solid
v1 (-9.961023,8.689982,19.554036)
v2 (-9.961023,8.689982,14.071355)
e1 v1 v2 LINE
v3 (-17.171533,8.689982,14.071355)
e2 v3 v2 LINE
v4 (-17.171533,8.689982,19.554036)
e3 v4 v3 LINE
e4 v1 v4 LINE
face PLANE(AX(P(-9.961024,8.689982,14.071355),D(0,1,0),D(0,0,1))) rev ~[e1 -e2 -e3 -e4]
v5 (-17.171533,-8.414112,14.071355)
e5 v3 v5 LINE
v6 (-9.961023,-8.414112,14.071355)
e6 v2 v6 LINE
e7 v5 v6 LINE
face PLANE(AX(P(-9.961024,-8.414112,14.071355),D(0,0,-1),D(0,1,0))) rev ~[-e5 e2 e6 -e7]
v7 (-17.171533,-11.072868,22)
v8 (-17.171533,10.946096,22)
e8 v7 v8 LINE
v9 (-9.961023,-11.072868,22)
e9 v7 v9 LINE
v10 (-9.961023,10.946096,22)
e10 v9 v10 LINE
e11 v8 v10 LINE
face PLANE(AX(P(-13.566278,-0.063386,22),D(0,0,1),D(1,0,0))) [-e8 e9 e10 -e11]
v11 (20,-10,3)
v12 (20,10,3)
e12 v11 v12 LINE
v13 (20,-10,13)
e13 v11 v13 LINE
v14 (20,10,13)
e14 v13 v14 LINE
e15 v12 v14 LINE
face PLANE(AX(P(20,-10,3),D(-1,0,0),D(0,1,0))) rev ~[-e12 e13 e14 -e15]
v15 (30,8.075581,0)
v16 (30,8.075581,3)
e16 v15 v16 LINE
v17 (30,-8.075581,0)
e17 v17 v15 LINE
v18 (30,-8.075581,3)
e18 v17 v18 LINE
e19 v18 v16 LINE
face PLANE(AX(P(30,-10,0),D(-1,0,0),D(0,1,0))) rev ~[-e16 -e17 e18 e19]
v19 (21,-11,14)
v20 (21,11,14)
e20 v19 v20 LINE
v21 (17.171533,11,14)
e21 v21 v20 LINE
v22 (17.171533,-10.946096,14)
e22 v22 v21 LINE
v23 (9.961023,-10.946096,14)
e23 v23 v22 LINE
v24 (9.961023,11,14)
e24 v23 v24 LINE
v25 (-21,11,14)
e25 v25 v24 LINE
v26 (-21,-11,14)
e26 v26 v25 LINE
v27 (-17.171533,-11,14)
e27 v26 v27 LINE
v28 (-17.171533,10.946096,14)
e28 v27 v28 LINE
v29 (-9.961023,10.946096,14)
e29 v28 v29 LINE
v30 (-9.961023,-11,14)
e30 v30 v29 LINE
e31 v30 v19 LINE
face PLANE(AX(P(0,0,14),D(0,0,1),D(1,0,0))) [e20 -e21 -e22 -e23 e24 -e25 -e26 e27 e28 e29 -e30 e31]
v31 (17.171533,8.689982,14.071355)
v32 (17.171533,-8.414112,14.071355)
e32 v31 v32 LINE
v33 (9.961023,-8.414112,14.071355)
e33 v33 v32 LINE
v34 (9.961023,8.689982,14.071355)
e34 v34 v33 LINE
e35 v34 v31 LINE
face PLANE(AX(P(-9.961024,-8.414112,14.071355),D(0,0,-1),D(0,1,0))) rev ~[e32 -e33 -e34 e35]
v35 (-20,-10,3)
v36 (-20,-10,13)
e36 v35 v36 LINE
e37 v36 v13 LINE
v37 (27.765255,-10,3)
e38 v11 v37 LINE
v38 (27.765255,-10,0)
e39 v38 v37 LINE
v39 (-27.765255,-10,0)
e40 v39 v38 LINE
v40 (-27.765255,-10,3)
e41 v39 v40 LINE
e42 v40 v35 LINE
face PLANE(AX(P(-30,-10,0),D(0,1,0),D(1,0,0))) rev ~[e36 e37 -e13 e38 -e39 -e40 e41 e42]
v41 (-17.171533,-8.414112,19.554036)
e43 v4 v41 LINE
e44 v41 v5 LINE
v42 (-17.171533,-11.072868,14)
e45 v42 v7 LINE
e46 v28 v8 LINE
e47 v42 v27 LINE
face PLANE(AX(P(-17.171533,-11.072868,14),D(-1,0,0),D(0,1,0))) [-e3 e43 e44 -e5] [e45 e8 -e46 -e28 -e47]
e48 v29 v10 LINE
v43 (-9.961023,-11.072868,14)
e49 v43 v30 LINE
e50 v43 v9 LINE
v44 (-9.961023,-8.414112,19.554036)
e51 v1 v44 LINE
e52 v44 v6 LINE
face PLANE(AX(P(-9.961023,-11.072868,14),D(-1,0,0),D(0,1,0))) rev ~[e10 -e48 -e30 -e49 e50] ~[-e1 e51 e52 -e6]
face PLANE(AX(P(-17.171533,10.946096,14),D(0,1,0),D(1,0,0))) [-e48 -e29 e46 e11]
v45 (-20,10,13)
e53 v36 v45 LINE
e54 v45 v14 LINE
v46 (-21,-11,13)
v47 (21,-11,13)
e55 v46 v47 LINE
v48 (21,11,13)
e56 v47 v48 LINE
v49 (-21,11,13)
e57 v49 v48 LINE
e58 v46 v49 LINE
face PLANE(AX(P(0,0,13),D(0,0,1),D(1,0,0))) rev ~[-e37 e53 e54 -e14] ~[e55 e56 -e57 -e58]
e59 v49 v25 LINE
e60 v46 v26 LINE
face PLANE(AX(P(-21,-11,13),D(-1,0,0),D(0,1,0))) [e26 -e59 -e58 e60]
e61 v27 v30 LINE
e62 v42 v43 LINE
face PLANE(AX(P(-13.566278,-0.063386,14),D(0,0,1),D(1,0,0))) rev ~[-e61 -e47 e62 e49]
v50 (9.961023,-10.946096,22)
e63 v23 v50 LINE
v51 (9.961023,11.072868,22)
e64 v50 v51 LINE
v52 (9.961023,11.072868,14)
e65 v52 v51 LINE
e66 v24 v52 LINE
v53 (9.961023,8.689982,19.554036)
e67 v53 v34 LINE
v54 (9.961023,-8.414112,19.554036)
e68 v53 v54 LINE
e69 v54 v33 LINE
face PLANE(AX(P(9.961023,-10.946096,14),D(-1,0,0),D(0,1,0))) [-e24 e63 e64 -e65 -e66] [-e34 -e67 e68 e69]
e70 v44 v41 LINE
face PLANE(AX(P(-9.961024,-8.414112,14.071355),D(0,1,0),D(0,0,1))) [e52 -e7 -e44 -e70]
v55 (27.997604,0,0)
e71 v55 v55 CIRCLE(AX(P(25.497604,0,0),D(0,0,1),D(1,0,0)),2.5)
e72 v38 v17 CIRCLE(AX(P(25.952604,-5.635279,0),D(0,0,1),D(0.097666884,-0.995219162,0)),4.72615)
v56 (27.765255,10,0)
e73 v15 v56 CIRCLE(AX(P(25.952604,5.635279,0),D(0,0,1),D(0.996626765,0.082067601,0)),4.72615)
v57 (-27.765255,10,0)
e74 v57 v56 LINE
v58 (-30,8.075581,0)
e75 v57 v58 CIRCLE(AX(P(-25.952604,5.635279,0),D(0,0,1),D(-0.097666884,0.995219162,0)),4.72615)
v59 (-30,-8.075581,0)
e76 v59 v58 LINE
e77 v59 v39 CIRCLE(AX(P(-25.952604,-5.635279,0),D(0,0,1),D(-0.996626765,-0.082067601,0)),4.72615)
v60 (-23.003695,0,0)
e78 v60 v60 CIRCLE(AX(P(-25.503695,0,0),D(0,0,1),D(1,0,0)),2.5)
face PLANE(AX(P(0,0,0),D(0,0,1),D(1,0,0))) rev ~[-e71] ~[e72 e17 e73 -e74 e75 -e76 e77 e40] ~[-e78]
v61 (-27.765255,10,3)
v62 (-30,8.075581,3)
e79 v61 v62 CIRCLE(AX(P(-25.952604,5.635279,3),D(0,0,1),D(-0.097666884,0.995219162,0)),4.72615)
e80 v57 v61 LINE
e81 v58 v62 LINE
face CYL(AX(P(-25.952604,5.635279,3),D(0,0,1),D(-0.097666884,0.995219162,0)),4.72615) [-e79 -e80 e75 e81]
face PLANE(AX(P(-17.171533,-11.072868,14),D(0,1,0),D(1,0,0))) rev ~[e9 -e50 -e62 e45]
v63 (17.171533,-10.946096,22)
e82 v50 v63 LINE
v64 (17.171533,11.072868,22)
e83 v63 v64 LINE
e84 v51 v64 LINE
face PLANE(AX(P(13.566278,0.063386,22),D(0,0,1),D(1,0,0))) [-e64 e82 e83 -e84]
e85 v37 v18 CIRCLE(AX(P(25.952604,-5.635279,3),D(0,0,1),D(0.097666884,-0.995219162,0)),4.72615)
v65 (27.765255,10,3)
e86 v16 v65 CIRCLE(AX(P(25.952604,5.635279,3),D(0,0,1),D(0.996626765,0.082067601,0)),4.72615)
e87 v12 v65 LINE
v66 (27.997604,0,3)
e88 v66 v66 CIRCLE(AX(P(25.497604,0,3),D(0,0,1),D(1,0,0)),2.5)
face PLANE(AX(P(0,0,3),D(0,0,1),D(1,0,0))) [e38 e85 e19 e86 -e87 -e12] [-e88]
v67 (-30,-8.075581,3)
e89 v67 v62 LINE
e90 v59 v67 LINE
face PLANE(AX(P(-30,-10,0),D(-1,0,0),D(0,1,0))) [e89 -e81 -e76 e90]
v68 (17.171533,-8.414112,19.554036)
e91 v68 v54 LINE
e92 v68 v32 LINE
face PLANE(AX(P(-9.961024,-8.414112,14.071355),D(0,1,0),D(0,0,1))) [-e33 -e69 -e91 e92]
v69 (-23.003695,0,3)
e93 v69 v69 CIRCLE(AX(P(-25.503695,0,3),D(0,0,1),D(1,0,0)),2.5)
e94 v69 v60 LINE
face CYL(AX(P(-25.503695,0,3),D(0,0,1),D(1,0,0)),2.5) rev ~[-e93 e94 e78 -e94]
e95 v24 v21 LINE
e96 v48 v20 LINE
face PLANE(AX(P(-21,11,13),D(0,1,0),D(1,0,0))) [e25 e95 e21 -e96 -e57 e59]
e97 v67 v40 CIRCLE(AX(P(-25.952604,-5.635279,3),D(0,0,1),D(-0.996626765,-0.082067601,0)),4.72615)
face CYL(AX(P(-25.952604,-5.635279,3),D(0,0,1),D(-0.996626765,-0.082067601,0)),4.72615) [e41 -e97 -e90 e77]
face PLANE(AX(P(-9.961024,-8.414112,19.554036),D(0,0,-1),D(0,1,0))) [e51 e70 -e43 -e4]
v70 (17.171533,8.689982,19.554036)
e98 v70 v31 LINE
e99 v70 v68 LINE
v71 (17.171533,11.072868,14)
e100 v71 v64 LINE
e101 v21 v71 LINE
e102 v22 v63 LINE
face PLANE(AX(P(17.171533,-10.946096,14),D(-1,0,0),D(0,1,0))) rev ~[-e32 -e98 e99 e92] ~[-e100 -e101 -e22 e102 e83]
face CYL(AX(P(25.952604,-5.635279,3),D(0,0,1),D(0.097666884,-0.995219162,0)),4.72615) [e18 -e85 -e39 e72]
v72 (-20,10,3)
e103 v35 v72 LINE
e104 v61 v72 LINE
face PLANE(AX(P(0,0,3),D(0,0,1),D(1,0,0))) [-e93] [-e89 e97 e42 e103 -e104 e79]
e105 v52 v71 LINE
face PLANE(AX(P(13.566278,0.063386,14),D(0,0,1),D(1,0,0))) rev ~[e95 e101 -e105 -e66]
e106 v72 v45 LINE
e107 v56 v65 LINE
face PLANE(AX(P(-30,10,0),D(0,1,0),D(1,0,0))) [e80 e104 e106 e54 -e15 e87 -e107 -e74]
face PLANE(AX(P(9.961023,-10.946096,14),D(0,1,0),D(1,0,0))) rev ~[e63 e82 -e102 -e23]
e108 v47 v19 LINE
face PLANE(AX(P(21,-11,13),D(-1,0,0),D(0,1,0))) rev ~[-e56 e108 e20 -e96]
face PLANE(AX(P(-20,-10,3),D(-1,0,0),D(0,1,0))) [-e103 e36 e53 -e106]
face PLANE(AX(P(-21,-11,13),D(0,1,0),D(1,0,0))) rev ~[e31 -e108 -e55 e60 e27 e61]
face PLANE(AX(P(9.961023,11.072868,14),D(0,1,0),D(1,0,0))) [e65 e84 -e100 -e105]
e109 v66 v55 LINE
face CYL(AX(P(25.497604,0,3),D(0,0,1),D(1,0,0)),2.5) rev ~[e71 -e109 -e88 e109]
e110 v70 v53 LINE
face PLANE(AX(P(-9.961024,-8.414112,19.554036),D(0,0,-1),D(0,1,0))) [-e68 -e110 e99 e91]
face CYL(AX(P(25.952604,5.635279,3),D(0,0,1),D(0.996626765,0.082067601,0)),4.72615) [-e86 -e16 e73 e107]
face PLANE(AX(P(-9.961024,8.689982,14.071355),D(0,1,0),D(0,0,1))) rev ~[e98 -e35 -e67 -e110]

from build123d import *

# Parameters (mm, degrees)
SKETCH_W        = 60
SKETCH_H        = 20
PAD_DEPTH       = 3
SKETCH001_W     = 40
SKETCH001_H     = 20
PAD001_DEPTH    = 10
SKETCH002_W     = 42
SKETCH002_H     = 22
PAD002_DEPTH    = 1
SKETCH003_W     = 7.210509
SKETCH003_H     = 22.018964
PAD003_DEPTH    = 8
SKETCH010_W     = 17.104093
SKETCH010_H     = 5.482681
POCKET_DEPTH    = 40
POCKET001_DEPTH = 5
SKETCH012_R     = 2.5
POCKET002_DEPTH = 5


with BuildPart() as part:
    # Sketch → Pad (new body)
    with BuildSketch(Plane.XY):
        Rectangle(SKETCH_W, SKETCH_H)
    extrude(amount=PAD_DEPTH)

    # Sketch001 (on Face6 of Pad) → Pad001 (join)
    with BuildSketch(Plane.XY.offset(3)):
        Rectangle(SKETCH001_W, SKETCH001_H)
    extrude(amount=PAD001_DEPTH)

    # Sketch002 → Pad002 (join)
    with BuildSketch(Plane.XY.offset(13)):
        Rectangle(SKETCH002_W, SKETCH002_H)
    extrude(amount=PAD002_DEPTH)

    # Sketch003 (on Face15 of Pad002) → Pad003 (join)
    with BuildSketch(Plane.XY.offset(14)):
        with Locations((-13.566278, -0.063386)):
            Rectangle(SKETCH003_W, SKETCH003_H)
        with Locations((13.566278, 0.063386)):
            Rectangle(SKETCH003_W, SKETCH003_H)
    extrude(amount=PAD003_DEPTH)

    # Sketch010 (on Face21 of Pad003) → Pocket (cut, symmetric)
    with BuildSketch(Plane.YZ.offset(-9.961024)):
        with Locations((0.137935, 16.812696)):
            Rectangle(SKETCH010_W, SKETCH010_H)
    extrude(amount=POCKET_DEPTH, both=True, mode=Mode.SUBTRACT)

    # Sketch011 (on Face10 of Pocket) → Pocket001 (cut)
    with BuildSketch(Plane.XY.offset(3)):
        with BuildLine():
            ThreePointArc((-26.414192, 10.338834), (-29.320565, 8.950898), (-30.662811, 6.023143))
            Line((-30.662811, 6.023143), (-30.662811, 10.298891))
            Line((-30.662811, 10.298891), (-26.414192, 10.338834))
        make_face()
        with BuildLine():
            ThreePointArc((-30.662811, -6.023143), (-29.320565, -8.950898), (-26.414192, -10.338834))
            Line((-30.662811, -10.298891), (-26.414192, -10.338834))
            Line((-30.662811, -6.023143), (-30.662811, -10.298891))
        make_face()
        with BuildLine():
            ThreePointArc((30.662811, 6.023143), (29.320565, 8.950898), (26.414192, 10.338834))
            Line((30.662811, 10.298891), (26.414192, 10.338834))
            Line((30.662811, 6.023143), (30.662811, 10.298891))
        make_face()
        with BuildLine():
            ThreePointArc((26.414192, -10.338834), (29.320565, -8.950898), (30.662811, -6.023143))
            Line((30.662811, -6.023143), (30.662811, -10.298891))
            Line((30.662811, -10.298891), (26.414192, -10.338834))
        make_face()
    extrude(amount=-POCKET001_DEPTH, mode=Mode.SUBTRACT)

    # Sketch012 (on Face12 of Pocket001) → Pocket002 (cut)
    with BuildSketch(Plane.XY.offset(3)):
        with Locations((-25.503695, 0)):
            Circle(SKETCH012_R)
        with Locations((25.497604, 0)):
            Circle(SKETCH012_R)
    extrude(amount=-POCKET002_DEPTH, mode=Mode.SUBTRACT)


solid = part.part
